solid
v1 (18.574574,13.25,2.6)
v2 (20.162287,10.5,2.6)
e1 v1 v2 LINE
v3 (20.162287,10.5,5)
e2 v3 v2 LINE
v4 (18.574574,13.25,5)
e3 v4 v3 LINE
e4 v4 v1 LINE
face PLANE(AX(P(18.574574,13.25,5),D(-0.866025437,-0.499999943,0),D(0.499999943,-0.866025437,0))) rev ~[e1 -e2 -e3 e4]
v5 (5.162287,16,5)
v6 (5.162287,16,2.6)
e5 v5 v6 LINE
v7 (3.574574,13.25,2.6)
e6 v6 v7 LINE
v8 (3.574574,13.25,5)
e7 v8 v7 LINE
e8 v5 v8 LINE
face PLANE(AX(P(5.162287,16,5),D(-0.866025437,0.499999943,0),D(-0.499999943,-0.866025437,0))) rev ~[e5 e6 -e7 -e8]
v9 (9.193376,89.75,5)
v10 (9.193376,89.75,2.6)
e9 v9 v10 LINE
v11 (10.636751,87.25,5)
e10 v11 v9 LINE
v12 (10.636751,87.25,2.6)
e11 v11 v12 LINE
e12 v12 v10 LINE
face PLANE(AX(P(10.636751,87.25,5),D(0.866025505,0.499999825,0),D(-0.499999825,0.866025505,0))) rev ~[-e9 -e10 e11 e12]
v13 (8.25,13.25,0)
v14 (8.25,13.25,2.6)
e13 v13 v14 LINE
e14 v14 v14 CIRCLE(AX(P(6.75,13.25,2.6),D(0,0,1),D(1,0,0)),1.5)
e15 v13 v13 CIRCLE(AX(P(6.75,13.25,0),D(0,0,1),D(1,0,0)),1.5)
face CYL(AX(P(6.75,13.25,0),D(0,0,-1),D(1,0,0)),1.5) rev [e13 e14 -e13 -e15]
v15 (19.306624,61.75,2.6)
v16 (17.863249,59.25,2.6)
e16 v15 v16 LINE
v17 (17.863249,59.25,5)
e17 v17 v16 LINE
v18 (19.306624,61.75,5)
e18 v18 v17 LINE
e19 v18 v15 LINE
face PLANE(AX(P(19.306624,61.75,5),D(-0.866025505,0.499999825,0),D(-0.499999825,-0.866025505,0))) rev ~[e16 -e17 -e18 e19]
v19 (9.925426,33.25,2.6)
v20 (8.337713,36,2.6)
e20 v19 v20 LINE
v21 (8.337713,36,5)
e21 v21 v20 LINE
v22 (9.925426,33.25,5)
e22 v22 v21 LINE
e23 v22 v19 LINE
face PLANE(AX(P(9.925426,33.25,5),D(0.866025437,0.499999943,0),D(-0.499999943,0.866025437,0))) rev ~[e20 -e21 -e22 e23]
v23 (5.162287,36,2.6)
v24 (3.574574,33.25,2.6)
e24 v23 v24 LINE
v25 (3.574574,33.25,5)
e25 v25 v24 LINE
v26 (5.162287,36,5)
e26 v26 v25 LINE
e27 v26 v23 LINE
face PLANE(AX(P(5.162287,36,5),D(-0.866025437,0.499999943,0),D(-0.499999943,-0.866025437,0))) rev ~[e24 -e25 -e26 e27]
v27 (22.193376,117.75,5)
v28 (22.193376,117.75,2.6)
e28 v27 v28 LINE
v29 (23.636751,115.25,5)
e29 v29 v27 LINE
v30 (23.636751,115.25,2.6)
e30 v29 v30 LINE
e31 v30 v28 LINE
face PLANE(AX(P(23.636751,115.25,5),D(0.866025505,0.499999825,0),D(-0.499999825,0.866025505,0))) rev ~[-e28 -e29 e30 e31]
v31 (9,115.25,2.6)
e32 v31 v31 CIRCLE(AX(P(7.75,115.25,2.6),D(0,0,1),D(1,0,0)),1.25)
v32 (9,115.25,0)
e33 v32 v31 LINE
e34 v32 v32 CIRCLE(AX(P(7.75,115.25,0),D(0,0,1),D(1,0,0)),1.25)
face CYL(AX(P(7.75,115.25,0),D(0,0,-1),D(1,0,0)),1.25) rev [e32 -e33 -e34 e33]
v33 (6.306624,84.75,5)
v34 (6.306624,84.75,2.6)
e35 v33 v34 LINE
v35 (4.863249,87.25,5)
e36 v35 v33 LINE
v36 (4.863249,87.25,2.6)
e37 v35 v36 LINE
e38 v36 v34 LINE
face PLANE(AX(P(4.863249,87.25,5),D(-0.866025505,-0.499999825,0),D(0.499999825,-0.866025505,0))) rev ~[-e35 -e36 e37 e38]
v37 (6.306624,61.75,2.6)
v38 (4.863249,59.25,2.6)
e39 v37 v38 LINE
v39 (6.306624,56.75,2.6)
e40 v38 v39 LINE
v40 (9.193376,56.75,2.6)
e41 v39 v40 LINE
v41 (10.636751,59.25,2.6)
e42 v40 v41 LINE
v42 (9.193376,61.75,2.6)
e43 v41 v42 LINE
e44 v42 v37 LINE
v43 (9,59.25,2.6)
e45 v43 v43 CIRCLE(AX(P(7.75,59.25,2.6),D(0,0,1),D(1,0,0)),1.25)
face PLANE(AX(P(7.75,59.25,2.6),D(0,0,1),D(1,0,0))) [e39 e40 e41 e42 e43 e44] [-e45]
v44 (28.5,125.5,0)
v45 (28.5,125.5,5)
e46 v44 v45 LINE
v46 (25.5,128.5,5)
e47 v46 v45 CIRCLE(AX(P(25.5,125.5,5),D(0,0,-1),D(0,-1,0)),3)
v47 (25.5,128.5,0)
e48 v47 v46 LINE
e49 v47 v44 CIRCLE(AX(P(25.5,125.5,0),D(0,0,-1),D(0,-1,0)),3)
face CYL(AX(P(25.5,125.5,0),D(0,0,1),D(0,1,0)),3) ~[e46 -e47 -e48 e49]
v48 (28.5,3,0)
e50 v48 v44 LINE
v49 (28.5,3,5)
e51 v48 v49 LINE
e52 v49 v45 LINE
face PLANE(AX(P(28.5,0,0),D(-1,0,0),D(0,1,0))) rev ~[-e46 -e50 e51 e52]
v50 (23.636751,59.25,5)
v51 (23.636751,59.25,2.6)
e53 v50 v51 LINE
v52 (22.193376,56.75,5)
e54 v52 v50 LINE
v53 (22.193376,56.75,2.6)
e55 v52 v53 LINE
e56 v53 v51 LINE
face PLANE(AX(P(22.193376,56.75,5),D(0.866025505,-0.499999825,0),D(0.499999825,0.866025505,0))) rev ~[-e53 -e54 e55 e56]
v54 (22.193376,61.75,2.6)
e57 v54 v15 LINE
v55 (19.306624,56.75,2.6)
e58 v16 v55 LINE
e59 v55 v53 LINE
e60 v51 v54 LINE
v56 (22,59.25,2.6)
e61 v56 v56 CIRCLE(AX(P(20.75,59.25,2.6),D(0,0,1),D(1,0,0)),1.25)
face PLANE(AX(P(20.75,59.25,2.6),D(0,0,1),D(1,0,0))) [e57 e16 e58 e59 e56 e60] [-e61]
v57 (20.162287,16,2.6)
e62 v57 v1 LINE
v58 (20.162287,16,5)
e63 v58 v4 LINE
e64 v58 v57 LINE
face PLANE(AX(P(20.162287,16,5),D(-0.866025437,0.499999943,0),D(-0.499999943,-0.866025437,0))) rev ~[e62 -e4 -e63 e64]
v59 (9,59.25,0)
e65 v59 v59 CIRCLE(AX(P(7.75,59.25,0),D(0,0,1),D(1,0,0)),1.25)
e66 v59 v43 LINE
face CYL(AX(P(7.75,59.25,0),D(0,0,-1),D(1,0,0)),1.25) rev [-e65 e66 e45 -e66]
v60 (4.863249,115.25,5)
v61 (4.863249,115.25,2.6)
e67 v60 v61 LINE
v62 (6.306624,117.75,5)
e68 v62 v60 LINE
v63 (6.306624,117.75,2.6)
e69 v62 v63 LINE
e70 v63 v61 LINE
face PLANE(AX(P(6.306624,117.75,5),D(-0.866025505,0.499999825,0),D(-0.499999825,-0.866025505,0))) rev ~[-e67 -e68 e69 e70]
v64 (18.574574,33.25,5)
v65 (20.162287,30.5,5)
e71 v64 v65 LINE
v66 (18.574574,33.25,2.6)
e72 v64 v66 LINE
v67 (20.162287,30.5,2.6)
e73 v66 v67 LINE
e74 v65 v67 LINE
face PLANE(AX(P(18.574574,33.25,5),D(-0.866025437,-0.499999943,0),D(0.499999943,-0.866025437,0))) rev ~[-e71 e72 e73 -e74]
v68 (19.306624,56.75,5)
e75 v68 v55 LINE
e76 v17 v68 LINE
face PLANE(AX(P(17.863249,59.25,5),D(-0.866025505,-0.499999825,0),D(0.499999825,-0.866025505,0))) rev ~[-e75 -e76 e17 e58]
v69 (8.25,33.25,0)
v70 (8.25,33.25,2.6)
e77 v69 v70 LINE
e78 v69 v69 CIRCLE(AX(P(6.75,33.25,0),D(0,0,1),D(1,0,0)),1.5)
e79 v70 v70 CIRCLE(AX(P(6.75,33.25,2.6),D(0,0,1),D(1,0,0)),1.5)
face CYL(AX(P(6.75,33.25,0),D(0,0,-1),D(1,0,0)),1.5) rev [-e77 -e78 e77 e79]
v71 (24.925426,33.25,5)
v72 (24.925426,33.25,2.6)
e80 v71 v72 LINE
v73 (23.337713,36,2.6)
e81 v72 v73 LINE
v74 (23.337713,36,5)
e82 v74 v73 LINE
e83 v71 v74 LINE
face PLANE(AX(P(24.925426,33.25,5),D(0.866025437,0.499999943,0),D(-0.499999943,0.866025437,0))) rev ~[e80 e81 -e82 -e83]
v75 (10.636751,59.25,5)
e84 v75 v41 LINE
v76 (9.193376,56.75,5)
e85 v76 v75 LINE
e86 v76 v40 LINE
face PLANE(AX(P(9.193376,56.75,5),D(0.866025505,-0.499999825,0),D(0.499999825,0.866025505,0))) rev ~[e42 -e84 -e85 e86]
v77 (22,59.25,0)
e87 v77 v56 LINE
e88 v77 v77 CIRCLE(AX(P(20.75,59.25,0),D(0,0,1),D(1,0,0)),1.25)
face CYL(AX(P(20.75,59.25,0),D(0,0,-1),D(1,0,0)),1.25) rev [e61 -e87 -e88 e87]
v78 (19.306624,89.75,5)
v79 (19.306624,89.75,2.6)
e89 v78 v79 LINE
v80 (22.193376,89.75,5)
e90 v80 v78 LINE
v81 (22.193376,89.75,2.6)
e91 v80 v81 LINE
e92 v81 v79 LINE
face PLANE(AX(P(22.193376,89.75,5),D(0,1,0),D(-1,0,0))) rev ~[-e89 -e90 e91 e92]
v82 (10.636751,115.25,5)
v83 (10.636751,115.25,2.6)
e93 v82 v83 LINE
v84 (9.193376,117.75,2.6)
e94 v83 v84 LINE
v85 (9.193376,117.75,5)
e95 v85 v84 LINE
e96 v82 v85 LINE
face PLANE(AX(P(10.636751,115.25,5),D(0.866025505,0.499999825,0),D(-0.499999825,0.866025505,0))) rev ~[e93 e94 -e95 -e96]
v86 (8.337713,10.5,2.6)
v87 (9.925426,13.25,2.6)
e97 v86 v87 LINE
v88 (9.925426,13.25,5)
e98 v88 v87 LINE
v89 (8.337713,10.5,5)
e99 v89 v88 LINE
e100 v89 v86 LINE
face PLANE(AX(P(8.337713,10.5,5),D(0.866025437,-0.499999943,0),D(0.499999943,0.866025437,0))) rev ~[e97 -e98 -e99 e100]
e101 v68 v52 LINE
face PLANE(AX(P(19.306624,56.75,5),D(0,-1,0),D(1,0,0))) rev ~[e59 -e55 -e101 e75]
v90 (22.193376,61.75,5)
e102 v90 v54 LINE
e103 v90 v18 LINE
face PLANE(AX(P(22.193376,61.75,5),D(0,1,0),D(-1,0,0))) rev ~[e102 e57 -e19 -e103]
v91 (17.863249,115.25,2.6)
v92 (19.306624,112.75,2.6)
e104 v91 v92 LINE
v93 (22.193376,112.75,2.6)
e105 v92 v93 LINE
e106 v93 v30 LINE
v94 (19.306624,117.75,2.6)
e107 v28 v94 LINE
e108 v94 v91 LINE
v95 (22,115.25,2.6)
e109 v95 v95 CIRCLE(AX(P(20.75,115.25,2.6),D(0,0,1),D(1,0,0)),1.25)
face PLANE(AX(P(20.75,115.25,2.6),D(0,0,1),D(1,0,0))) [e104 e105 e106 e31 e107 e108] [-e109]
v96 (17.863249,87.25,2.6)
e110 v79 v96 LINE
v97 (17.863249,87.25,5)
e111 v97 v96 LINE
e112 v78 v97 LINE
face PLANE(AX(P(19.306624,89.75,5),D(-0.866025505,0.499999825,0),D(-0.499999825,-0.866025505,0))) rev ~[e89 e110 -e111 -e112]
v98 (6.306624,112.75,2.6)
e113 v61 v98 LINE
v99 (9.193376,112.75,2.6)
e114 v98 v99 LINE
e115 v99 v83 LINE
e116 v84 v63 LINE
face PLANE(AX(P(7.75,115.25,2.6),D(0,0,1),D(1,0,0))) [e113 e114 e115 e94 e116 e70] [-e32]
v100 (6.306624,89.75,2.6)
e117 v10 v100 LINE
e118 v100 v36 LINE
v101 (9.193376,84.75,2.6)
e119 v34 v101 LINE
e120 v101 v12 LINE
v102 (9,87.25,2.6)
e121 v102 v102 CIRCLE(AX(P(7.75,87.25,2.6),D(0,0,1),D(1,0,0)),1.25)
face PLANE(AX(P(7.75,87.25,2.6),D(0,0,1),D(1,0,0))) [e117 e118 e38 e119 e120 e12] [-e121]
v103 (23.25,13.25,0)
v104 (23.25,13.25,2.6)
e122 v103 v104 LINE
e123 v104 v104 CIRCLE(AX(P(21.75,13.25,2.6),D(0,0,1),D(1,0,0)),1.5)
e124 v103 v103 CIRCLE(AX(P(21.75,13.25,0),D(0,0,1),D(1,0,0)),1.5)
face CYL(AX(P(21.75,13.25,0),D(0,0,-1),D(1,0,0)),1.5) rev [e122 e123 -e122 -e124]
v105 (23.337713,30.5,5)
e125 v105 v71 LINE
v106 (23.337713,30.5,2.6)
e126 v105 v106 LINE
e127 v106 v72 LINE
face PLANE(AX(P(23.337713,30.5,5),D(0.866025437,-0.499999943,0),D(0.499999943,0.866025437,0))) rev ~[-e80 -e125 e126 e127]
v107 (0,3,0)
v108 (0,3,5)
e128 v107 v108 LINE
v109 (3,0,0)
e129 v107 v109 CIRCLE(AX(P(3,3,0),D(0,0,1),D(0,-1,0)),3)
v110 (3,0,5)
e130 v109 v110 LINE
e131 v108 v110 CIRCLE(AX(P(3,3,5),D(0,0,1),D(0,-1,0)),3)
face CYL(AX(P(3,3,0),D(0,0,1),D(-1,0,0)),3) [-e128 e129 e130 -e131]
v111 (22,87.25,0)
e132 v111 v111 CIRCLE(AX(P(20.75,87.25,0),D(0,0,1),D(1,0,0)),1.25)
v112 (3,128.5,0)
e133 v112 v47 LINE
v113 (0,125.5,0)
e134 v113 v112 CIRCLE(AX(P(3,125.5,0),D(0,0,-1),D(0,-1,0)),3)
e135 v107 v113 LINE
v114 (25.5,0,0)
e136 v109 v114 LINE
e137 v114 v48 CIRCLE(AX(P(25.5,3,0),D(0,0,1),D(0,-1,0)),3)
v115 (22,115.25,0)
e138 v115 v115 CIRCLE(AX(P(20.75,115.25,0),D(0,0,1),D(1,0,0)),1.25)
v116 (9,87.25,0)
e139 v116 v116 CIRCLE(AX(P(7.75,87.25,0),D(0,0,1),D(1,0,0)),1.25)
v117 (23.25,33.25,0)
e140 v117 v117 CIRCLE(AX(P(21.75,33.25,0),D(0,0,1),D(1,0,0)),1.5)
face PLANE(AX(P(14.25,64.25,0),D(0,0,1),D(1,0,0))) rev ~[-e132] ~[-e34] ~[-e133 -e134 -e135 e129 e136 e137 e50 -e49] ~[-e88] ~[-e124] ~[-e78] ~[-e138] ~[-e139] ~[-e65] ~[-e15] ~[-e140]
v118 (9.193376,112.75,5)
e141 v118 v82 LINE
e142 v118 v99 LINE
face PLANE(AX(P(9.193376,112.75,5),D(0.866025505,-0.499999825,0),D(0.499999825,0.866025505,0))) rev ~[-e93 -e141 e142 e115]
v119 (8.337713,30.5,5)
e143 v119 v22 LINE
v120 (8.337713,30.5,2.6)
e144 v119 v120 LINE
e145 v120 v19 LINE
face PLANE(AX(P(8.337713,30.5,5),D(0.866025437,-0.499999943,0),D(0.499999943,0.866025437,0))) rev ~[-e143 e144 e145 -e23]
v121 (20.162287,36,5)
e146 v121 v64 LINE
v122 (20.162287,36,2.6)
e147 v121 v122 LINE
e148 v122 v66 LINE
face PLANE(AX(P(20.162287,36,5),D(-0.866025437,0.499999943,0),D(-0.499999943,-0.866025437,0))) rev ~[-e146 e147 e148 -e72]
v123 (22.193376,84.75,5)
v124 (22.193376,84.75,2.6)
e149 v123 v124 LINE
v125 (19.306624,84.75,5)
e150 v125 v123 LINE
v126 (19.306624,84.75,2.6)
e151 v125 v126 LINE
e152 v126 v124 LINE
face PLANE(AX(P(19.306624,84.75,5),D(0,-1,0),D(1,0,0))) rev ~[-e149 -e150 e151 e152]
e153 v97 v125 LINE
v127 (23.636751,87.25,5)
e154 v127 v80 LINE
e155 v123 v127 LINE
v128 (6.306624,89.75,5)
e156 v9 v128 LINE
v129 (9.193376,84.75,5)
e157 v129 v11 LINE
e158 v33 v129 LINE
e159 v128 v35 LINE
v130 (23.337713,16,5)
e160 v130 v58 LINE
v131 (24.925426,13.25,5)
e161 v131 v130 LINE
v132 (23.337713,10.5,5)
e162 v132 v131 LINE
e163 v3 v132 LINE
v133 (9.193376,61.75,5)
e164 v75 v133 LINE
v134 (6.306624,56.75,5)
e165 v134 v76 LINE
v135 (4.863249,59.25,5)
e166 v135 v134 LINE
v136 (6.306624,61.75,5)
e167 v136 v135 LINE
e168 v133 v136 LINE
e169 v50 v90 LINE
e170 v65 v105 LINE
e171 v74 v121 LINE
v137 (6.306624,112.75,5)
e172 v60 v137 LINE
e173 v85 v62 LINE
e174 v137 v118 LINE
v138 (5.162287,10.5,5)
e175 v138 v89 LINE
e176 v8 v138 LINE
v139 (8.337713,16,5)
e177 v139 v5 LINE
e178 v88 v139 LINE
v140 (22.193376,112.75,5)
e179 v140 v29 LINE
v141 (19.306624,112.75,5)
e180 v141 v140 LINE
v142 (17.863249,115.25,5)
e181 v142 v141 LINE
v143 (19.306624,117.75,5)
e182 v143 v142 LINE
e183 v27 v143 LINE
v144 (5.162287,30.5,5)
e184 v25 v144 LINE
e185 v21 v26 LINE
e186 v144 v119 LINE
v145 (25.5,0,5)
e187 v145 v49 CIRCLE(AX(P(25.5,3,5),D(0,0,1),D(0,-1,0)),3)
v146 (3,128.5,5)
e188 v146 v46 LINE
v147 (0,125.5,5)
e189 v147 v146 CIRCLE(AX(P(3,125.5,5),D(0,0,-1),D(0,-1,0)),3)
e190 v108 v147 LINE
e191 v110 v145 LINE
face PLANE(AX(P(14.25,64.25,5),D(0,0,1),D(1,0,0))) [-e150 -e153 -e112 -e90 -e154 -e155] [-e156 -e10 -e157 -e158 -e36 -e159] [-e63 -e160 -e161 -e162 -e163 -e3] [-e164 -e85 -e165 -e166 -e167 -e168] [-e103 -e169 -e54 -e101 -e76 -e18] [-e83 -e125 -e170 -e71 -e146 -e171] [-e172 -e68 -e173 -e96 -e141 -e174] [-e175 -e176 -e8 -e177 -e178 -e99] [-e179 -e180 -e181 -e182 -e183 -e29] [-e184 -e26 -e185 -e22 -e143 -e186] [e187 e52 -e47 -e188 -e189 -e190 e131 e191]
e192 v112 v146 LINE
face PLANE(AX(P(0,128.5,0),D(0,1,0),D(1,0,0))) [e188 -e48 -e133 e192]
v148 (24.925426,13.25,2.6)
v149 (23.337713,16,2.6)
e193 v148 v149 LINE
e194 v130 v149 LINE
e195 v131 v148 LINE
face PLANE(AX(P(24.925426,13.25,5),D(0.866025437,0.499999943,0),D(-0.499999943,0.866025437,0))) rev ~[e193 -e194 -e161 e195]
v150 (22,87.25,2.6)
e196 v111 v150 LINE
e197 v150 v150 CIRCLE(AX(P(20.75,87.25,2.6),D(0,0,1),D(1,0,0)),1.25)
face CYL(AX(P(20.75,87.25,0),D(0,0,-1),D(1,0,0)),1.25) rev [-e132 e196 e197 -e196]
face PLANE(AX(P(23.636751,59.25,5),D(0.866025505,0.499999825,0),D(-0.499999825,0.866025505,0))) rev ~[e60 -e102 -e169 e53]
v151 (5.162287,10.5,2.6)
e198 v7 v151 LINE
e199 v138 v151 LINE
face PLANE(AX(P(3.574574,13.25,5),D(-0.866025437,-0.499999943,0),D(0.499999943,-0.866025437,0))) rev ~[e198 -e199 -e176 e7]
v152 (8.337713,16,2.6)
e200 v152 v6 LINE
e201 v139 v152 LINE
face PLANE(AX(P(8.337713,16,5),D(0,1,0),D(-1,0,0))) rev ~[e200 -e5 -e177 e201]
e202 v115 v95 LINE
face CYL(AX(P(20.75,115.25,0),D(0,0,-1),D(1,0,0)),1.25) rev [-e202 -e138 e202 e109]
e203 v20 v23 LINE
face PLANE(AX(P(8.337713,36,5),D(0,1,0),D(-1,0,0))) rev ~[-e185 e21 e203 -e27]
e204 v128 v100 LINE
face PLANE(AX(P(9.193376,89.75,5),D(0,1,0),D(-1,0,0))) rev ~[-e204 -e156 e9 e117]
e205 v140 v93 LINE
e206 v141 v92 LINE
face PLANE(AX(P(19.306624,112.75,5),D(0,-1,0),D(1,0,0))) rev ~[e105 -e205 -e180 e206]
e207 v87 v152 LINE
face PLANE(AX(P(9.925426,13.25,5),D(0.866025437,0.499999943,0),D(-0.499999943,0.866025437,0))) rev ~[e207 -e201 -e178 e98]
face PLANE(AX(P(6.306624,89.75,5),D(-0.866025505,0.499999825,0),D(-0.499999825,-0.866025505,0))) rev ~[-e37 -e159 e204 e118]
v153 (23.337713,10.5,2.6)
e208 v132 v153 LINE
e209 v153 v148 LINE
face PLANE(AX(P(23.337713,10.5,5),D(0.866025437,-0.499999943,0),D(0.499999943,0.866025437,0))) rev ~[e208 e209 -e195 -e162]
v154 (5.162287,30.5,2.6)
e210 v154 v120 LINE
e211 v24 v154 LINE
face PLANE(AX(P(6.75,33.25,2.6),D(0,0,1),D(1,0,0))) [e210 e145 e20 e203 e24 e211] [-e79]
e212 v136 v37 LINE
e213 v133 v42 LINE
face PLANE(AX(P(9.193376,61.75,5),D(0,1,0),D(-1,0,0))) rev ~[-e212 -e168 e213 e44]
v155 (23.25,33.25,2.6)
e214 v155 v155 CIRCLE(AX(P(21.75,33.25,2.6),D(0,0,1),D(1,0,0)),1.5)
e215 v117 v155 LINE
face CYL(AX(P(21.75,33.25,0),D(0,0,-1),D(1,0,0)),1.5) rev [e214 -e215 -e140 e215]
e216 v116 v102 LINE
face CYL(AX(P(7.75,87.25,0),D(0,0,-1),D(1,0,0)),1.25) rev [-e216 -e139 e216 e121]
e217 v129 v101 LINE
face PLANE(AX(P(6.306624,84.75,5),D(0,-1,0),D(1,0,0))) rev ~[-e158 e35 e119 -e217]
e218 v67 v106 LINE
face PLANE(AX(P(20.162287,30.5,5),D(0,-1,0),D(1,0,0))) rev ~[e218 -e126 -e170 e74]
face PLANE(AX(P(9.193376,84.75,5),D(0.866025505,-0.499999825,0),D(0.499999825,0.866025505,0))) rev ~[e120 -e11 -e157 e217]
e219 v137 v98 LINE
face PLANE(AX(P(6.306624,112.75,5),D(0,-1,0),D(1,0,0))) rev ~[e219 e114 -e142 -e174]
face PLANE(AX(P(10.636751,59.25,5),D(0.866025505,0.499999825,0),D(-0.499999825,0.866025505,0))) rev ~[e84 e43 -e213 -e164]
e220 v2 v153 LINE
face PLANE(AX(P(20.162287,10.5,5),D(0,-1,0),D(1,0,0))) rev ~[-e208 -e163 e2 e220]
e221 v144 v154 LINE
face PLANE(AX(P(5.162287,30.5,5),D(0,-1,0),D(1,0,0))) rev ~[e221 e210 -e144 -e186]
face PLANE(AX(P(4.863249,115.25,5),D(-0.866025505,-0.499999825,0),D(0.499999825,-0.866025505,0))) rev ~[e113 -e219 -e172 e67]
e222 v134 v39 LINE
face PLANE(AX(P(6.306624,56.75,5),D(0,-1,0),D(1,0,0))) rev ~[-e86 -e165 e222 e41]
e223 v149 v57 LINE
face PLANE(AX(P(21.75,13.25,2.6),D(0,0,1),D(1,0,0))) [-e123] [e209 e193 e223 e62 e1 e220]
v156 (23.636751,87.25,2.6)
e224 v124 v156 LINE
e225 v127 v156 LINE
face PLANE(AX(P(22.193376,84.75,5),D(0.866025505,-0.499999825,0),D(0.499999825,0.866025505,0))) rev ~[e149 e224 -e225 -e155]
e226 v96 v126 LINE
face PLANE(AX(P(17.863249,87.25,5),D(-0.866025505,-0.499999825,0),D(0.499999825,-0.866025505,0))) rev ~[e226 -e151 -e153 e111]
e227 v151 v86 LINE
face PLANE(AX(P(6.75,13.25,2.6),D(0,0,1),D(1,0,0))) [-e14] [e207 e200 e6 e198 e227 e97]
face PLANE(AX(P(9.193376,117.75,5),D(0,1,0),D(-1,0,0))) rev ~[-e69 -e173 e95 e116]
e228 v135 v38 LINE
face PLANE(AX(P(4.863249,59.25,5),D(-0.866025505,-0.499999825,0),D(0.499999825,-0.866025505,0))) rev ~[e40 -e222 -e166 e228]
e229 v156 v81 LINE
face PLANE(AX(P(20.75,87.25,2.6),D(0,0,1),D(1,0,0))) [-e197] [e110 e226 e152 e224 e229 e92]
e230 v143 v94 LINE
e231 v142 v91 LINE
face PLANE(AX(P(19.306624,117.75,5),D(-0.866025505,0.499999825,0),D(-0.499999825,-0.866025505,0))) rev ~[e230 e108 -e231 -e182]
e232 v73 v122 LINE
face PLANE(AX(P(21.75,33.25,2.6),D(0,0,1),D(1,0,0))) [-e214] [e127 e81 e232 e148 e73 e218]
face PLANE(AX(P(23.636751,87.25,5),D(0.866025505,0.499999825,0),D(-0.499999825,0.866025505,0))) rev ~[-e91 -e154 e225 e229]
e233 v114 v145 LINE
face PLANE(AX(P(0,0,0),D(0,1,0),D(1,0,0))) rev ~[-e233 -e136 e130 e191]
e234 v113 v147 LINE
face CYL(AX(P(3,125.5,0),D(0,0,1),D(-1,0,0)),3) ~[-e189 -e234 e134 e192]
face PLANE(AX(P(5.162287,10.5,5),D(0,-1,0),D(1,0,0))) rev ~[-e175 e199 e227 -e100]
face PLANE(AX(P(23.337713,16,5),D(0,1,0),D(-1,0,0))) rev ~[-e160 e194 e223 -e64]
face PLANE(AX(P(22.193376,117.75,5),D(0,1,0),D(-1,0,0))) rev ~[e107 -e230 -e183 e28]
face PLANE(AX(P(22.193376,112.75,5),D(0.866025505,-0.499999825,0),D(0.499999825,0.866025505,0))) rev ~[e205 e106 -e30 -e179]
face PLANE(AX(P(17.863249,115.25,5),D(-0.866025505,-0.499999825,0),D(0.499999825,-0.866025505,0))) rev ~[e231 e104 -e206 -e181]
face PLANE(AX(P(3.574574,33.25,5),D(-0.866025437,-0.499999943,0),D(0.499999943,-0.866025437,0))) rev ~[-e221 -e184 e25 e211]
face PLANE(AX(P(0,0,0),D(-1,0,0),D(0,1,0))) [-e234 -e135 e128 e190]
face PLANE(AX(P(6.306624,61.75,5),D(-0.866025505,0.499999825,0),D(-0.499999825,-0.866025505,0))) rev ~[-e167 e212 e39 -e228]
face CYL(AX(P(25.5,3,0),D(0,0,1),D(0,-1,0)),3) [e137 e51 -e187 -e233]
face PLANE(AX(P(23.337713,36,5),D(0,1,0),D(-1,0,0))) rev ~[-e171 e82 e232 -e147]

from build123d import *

# Parameters (mm, degrees)
F0_W     = 28.5
F0_H     = 128.5
F0_R     = 1.5
F0_R_2   = 1.25
F1_DEPTH = 5
F2_R     = 1.25
F2_R_2   = 1.5
F3_DEPTH = 2.4
F4_R     = 3


with BuildPart() as f1:
    # F0 (on Top) → F1 (new body)
    with BuildSketch(Plane.XY):
        with Locations((14.25, 64.25)):
            Rectangle(F0_W, F0_H)
        with Locations((6.75, 13.25)):
            Circle(F0_R, mode=Mode.SUBTRACT)
        with Locations((6.75, 33.25)):
            Circle(F0_R, mode=Mode.SUBTRACT)
        with Locations((7.75, 59.25)):
            Circle(F0_R_2, mode=Mode.SUBTRACT)
        with Locations((21.75, 13.25)):
            Circle(F0_R, mode=Mode.SUBTRACT)
        with Locations((20.75, 59.25)):
            Circle(F0_R_2, mode=Mode.SUBTRACT)
        with Locations((21.75, 33.25)):
            Circle(F0_R, mode=Mode.SUBTRACT)
        with Locations((7.75, 87.25)):
            Circle(F0_R_2, mode=Mode.SUBTRACT)
        with Locations((7.75, 115.25)):
            Circle(F0_R_2, mode=Mode.SUBTRACT)
        with Locations((20.75, 87.25)):
            Circle(F0_R_2, mode=Mode.SUBTRACT)
        with Locations((20.75, 115.25)):
            Circle(F0_R_2, mode=Mode.SUBTRACT)
    extrude(amount=F1_DEPTH)

    # F2 (on face) → F3 (cut)
    with BuildSketch(Plane.XY.offset(5)):
        Polygon((6.306624, 84.75), (9.193376, 84.75), (10.636751, 87.25), (9.193376, 89.75), (6.306624, 89.75), (4.863249, 87.25), align=None)
        with Locations((7.75, 87.25)):
            Circle(F2_R, mode=Mode.SUBTRACT)
        Polygon((19.306624, 84.75), (22.193376, 84.75), (23.636751, 87.25), (22.193376, 89.75), (19.306624, 89.75), (17.863249, 87.25), align=None)
        with Locations((20.75, 87.25)):
            Circle(F2_R, mode=Mode.SUBTRACT)
        Polygon((6.306624, 112.75), (9.193376, 112.75), (10.636751, 115.25), (9.193376, 117.75), (6.306624, 117.75), (4.863249, 115.25), align=None)
        with Locations((7.75, 115.25)):
            Circle(F2_R, mode=Mode.SUBTRACT)
        Polygon((19.306624, 112.75), (22.193376, 112.75), (23.636751, 115.25), (22.193376, 117.75), (19.306624, 117.75), (17.863249, 115.25), align=None)
        with Locations((20.75, 115.25)):
            Circle(F2_R, mode=Mode.SUBTRACT)
        Polygon((19.306624, 56.75), (22.193376, 56.75), (23.636751, 59.25), (22.193376, 61.75), (19.306624, 61.75), (17.863249, 59.25), align=None)
        with Locations((20.75, 59.25)):
            Circle(F2_R, mode=Mode.SUBTRACT)
        Polygon((6.306624, 56.75), (9.193376, 56.75), (10.636751, 59.25), (9.193376, 61.75), (6.306624, 61.75), (4.863249, 59.25), align=None)
        with Locations((7.75, 59.25)):
            Circle(F2_R, mode=Mode.SUBTRACT)
        Polygon((5.162287, 30.5), (8.337713, 30.5), (9.925426, 33.25), (8.337713, 36), (5.162287, 36), (3.574574, 33.25), align=None)
        with Locations((6.75, 33.25)):
            Circle(F2_R_2, mode=Mode.SUBTRACT)
        Polygon((20.162287, 10.5), (23.337713, 10.5), (24.925426, 13.25), (23.337713, 16), (20.162287, 16), (18.574574, 13.25), align=None)
        with Locations((21.75, 13.25)):
            Circle(F2_R_2, mode=Mode.SUBTRACT)
        Polygon((5.162287, 10.5), (8.337713, 10.5), (9.925426, 13.25), (8.337713, 16), (5.162287, 16), (3.574574, 13.25), align=None)
        with Locations((6.75, 13.25)):
            Circle(F2_R_2, mode=Mode.SUBTRACT)
        Polygon((20.162287, 30.5), (23.337713, 30.5), (24.925426, 33.25), (23.337713, 36), (20.162287, 36), (18.574574, 33.25), align=None)
        with Locations((21.75, 33.25)):
            Circle(F2_R_2, mode=Mode.SUBTRACT)
    extrude(amount=-F3_DEPTH, mode=Mode.SUBTRACT)

    # F4
    f4_edges = [f1.edges().sort_by_distance(p)[0] for p in [
        (0, 0, 2.5),
        (28.5, 0, 2.5),
        (0, 128.5, 2.5),
        (28.5, 128.5, 2.5),
    ]]
    fillet(f4_edges, radius=F4_R)


solid = f1.part
